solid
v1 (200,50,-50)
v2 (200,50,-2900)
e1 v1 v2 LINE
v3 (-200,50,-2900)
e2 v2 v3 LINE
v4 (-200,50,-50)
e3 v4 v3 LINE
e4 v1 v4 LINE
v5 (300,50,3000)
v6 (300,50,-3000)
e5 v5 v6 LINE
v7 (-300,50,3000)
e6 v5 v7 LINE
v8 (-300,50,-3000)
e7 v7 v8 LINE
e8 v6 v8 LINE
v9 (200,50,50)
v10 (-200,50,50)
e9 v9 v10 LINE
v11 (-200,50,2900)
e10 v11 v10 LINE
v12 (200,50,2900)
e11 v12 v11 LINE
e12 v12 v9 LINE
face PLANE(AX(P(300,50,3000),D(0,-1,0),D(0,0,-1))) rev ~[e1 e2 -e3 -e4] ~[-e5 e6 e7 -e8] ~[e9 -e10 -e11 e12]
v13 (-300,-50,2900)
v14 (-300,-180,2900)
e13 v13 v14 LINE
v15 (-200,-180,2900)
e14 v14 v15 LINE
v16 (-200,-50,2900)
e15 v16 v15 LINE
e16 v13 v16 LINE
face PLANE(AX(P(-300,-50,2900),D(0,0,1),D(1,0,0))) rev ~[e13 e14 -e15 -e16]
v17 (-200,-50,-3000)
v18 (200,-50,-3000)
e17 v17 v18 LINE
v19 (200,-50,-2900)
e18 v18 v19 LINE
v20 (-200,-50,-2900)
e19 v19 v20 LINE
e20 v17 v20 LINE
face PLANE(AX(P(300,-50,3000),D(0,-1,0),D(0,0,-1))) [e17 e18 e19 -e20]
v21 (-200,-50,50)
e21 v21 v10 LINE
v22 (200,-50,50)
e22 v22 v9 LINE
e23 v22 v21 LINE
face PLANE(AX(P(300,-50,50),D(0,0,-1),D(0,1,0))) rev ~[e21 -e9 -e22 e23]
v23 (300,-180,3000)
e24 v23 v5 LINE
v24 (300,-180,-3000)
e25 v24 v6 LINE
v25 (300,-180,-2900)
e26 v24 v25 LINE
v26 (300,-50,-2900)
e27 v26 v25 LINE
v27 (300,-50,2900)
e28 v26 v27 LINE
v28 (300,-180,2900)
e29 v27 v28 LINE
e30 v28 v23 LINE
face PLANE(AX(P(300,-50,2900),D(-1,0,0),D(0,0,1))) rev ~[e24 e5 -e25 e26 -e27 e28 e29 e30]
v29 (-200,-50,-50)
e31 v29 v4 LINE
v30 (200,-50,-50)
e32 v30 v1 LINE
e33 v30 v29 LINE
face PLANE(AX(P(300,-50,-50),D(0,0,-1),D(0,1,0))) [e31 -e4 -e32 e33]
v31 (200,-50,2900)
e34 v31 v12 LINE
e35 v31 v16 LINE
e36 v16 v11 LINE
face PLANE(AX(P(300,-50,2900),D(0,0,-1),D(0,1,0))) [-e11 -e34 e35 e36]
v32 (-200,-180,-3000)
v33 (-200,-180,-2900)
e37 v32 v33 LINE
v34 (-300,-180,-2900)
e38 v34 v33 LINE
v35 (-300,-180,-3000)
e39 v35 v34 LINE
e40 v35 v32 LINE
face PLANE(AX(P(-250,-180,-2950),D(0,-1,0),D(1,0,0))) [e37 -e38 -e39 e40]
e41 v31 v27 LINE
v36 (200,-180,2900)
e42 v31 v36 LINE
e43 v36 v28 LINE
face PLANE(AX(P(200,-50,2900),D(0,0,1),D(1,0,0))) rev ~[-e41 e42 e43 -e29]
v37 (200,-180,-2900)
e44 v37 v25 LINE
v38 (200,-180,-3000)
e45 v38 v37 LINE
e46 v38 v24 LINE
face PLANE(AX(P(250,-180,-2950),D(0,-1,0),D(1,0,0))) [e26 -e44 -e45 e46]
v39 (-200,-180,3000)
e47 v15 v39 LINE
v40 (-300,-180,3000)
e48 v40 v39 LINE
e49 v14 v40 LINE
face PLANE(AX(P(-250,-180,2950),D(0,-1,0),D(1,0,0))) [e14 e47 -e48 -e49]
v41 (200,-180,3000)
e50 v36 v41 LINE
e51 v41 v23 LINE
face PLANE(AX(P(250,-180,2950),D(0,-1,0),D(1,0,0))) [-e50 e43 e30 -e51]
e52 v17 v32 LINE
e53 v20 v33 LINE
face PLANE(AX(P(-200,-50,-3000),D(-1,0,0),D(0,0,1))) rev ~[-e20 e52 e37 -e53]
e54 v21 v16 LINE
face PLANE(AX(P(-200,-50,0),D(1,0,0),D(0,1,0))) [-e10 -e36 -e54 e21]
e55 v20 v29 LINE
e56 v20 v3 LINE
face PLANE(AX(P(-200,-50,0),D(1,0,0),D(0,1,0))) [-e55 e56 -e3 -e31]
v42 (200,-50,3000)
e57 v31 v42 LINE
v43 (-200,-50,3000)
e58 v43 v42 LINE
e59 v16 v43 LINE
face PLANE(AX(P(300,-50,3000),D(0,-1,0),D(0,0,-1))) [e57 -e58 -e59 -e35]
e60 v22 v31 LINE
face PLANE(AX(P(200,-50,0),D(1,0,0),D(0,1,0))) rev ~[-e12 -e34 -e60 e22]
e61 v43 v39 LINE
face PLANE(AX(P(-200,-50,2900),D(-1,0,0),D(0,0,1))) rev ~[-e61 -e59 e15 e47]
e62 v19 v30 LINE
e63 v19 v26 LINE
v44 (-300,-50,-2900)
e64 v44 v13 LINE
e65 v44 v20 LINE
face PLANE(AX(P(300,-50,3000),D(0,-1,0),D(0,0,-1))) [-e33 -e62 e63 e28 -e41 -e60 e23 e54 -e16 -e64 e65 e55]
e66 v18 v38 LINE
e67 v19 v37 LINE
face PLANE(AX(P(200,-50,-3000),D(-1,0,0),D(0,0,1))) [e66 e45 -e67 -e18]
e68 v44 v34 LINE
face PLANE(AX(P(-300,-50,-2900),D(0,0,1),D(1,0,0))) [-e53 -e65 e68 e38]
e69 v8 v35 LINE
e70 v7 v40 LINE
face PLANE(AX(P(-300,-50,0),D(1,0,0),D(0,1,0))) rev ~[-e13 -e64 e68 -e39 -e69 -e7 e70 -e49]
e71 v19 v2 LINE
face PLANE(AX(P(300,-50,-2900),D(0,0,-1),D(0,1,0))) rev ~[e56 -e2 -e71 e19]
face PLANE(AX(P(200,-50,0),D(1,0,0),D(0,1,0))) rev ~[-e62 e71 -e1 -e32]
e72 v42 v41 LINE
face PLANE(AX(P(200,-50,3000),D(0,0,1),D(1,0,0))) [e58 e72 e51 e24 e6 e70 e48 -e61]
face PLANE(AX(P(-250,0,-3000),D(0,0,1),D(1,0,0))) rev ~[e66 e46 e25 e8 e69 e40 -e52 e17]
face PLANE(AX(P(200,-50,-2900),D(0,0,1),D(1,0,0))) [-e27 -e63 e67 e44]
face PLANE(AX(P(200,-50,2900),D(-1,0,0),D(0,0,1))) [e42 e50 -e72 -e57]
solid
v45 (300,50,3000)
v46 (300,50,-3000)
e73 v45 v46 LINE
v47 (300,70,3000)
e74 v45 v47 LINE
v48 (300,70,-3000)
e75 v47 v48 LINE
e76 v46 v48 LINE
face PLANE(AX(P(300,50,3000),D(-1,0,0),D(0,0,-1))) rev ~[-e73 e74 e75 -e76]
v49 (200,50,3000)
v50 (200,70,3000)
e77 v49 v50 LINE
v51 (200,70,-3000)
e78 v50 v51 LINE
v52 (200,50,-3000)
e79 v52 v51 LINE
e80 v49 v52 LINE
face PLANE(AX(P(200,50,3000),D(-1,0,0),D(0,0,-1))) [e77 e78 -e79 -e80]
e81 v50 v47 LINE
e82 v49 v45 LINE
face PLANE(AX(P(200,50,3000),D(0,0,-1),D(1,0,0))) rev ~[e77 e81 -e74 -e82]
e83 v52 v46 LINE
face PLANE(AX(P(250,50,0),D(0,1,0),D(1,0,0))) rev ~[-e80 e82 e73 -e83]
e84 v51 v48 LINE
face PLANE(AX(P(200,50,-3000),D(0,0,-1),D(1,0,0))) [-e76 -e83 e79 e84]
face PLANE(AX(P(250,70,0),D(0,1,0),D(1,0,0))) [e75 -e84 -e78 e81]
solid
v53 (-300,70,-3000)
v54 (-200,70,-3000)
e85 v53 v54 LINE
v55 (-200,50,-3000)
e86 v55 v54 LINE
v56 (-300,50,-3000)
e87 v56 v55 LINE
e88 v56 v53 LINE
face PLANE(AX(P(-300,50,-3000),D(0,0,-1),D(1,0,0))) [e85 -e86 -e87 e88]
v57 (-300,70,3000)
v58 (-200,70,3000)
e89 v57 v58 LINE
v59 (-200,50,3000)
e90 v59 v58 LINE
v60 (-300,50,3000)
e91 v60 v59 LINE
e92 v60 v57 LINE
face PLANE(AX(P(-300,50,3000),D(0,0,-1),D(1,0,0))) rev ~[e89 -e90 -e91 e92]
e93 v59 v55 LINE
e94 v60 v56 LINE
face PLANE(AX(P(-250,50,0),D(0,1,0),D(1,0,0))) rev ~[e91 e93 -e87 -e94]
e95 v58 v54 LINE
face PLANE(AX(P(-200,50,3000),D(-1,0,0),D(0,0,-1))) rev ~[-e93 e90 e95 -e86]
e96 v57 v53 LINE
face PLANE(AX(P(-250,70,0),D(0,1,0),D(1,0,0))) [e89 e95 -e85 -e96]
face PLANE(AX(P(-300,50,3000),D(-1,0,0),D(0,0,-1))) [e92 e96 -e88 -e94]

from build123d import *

# Parameters (mm, degrees)
SKETCH_1_W        = 100
SKETCH_1_H        = 100
EXTRUDE_1_DEPTH   = 3000
EXTRUDE_1_2_DEPTH = 3000
SKETCH_2_W        = 100
SKETCH_2_H        = 100
EXTRUDE_2_DEPTH   = 500
SKETCH_3_W        = 100
SKETCH_3_H        = 100
EXTRUDE_3_DEPTH   = 130
SKETCH_4_W        = 100
SKETCH_4_H        = 6000
EXTRUDE_4_DEPTH   = 20
EXTRUDE_4_2_DEPTH = 20


with BuildPart() as part:
    # 草图1 → 凸台-拉伸1 (new, symmetric)
    with BuildSketch(Plane.XY):
        with Locations((-250, 0)):
            Rectangle(SKETCH_1_W, SKETCH_1_H)
    extrude(amount=EXTRUDE_1_DEPTH, both=True)



with BuildPart() as body_2:
    # 草图1 → Extrude 1 2 (new, symmetric)
    with BuildSketch(Plane.XY):
        with Locations((250, 0)):
            Rectangle(SKETCH_1_W, SKETCH_1_H)
    extrude(amount=EXTRUDE_1_2_DEPTH, both=True)


with BuildPart() as part_1:
    add(part.part)

    add(body_2.part)  # 凸台-拉伸2 merges body 2
    # 草图2 → 凸台-拉伸2 (add)
    with BuildSketch(Plane(origin=(300, 0, 0), x_dir=(0, 0, -1), z_dir=(1, 0, 0))):
        with Locations((-2950, 0)):
            Rectangle(SKETCH_2_W, SKETCH_2_H)
        with Locations((2950, 0)):
            Rectangle(SKETCH_2_W, SKETCH_2_H)
        Rectangle(SKETCH_2_W, SKETCH_2_H)
    extrude(amount=-EXTRUDE_2_DEPTH)

    # 草图3 → 凸台-拉伸3 (add)
    with BuildSketch(Plane.XZ.offset(50)):
        with Locations((250, 2950)):
            Rectangle(SKETCH_3_W, SKETCH_3_H)
        with Locations((-250, 2950)):
            Rectangle(SKETCH_3_W, SKETCH_3_H)
        with Locations((250, -2950)):
            Rectangle(SKETCH_3_W, SKETCH_3_H)
        with Locations((-250, -2950)):
            Rectangle(SKETCH_3_W, SKETCH_3_H)
    extrude(amount=EXTRUDE_3_DEPTH)


with BuildPart() as body_2_2:
    # 草图4 → 凸台-拉伸4 (new body)
    with BuildSketch(Plane(origin=(0, 50, 0), x_dir=(1, 0, 0), z_dir=(0, 1, 0))):
        with Locations((250, 0)):
            Rectangle(SKETCH_4_W, SKETCH_4_H)
    extrude(amount=EXTRUDE_4_DEPTH)


with BuildPart() as body_3:
    # 草图4 → Extrude 4 2 (new body)
    with BuildSketch(Plane(origin=(0, 50, 0), x_dir=(1, 0, 0), z_dir=(0, 1, 0))):
        with Locations((-250, 0)):
            Rectangle(SKETCH_4_W, SKETCH_4_H)
    extrude(amount=EXTRUDE_4_2_DEPTH)


solid = Compound([part_1.part, body_2_2.part, body_3.part])
